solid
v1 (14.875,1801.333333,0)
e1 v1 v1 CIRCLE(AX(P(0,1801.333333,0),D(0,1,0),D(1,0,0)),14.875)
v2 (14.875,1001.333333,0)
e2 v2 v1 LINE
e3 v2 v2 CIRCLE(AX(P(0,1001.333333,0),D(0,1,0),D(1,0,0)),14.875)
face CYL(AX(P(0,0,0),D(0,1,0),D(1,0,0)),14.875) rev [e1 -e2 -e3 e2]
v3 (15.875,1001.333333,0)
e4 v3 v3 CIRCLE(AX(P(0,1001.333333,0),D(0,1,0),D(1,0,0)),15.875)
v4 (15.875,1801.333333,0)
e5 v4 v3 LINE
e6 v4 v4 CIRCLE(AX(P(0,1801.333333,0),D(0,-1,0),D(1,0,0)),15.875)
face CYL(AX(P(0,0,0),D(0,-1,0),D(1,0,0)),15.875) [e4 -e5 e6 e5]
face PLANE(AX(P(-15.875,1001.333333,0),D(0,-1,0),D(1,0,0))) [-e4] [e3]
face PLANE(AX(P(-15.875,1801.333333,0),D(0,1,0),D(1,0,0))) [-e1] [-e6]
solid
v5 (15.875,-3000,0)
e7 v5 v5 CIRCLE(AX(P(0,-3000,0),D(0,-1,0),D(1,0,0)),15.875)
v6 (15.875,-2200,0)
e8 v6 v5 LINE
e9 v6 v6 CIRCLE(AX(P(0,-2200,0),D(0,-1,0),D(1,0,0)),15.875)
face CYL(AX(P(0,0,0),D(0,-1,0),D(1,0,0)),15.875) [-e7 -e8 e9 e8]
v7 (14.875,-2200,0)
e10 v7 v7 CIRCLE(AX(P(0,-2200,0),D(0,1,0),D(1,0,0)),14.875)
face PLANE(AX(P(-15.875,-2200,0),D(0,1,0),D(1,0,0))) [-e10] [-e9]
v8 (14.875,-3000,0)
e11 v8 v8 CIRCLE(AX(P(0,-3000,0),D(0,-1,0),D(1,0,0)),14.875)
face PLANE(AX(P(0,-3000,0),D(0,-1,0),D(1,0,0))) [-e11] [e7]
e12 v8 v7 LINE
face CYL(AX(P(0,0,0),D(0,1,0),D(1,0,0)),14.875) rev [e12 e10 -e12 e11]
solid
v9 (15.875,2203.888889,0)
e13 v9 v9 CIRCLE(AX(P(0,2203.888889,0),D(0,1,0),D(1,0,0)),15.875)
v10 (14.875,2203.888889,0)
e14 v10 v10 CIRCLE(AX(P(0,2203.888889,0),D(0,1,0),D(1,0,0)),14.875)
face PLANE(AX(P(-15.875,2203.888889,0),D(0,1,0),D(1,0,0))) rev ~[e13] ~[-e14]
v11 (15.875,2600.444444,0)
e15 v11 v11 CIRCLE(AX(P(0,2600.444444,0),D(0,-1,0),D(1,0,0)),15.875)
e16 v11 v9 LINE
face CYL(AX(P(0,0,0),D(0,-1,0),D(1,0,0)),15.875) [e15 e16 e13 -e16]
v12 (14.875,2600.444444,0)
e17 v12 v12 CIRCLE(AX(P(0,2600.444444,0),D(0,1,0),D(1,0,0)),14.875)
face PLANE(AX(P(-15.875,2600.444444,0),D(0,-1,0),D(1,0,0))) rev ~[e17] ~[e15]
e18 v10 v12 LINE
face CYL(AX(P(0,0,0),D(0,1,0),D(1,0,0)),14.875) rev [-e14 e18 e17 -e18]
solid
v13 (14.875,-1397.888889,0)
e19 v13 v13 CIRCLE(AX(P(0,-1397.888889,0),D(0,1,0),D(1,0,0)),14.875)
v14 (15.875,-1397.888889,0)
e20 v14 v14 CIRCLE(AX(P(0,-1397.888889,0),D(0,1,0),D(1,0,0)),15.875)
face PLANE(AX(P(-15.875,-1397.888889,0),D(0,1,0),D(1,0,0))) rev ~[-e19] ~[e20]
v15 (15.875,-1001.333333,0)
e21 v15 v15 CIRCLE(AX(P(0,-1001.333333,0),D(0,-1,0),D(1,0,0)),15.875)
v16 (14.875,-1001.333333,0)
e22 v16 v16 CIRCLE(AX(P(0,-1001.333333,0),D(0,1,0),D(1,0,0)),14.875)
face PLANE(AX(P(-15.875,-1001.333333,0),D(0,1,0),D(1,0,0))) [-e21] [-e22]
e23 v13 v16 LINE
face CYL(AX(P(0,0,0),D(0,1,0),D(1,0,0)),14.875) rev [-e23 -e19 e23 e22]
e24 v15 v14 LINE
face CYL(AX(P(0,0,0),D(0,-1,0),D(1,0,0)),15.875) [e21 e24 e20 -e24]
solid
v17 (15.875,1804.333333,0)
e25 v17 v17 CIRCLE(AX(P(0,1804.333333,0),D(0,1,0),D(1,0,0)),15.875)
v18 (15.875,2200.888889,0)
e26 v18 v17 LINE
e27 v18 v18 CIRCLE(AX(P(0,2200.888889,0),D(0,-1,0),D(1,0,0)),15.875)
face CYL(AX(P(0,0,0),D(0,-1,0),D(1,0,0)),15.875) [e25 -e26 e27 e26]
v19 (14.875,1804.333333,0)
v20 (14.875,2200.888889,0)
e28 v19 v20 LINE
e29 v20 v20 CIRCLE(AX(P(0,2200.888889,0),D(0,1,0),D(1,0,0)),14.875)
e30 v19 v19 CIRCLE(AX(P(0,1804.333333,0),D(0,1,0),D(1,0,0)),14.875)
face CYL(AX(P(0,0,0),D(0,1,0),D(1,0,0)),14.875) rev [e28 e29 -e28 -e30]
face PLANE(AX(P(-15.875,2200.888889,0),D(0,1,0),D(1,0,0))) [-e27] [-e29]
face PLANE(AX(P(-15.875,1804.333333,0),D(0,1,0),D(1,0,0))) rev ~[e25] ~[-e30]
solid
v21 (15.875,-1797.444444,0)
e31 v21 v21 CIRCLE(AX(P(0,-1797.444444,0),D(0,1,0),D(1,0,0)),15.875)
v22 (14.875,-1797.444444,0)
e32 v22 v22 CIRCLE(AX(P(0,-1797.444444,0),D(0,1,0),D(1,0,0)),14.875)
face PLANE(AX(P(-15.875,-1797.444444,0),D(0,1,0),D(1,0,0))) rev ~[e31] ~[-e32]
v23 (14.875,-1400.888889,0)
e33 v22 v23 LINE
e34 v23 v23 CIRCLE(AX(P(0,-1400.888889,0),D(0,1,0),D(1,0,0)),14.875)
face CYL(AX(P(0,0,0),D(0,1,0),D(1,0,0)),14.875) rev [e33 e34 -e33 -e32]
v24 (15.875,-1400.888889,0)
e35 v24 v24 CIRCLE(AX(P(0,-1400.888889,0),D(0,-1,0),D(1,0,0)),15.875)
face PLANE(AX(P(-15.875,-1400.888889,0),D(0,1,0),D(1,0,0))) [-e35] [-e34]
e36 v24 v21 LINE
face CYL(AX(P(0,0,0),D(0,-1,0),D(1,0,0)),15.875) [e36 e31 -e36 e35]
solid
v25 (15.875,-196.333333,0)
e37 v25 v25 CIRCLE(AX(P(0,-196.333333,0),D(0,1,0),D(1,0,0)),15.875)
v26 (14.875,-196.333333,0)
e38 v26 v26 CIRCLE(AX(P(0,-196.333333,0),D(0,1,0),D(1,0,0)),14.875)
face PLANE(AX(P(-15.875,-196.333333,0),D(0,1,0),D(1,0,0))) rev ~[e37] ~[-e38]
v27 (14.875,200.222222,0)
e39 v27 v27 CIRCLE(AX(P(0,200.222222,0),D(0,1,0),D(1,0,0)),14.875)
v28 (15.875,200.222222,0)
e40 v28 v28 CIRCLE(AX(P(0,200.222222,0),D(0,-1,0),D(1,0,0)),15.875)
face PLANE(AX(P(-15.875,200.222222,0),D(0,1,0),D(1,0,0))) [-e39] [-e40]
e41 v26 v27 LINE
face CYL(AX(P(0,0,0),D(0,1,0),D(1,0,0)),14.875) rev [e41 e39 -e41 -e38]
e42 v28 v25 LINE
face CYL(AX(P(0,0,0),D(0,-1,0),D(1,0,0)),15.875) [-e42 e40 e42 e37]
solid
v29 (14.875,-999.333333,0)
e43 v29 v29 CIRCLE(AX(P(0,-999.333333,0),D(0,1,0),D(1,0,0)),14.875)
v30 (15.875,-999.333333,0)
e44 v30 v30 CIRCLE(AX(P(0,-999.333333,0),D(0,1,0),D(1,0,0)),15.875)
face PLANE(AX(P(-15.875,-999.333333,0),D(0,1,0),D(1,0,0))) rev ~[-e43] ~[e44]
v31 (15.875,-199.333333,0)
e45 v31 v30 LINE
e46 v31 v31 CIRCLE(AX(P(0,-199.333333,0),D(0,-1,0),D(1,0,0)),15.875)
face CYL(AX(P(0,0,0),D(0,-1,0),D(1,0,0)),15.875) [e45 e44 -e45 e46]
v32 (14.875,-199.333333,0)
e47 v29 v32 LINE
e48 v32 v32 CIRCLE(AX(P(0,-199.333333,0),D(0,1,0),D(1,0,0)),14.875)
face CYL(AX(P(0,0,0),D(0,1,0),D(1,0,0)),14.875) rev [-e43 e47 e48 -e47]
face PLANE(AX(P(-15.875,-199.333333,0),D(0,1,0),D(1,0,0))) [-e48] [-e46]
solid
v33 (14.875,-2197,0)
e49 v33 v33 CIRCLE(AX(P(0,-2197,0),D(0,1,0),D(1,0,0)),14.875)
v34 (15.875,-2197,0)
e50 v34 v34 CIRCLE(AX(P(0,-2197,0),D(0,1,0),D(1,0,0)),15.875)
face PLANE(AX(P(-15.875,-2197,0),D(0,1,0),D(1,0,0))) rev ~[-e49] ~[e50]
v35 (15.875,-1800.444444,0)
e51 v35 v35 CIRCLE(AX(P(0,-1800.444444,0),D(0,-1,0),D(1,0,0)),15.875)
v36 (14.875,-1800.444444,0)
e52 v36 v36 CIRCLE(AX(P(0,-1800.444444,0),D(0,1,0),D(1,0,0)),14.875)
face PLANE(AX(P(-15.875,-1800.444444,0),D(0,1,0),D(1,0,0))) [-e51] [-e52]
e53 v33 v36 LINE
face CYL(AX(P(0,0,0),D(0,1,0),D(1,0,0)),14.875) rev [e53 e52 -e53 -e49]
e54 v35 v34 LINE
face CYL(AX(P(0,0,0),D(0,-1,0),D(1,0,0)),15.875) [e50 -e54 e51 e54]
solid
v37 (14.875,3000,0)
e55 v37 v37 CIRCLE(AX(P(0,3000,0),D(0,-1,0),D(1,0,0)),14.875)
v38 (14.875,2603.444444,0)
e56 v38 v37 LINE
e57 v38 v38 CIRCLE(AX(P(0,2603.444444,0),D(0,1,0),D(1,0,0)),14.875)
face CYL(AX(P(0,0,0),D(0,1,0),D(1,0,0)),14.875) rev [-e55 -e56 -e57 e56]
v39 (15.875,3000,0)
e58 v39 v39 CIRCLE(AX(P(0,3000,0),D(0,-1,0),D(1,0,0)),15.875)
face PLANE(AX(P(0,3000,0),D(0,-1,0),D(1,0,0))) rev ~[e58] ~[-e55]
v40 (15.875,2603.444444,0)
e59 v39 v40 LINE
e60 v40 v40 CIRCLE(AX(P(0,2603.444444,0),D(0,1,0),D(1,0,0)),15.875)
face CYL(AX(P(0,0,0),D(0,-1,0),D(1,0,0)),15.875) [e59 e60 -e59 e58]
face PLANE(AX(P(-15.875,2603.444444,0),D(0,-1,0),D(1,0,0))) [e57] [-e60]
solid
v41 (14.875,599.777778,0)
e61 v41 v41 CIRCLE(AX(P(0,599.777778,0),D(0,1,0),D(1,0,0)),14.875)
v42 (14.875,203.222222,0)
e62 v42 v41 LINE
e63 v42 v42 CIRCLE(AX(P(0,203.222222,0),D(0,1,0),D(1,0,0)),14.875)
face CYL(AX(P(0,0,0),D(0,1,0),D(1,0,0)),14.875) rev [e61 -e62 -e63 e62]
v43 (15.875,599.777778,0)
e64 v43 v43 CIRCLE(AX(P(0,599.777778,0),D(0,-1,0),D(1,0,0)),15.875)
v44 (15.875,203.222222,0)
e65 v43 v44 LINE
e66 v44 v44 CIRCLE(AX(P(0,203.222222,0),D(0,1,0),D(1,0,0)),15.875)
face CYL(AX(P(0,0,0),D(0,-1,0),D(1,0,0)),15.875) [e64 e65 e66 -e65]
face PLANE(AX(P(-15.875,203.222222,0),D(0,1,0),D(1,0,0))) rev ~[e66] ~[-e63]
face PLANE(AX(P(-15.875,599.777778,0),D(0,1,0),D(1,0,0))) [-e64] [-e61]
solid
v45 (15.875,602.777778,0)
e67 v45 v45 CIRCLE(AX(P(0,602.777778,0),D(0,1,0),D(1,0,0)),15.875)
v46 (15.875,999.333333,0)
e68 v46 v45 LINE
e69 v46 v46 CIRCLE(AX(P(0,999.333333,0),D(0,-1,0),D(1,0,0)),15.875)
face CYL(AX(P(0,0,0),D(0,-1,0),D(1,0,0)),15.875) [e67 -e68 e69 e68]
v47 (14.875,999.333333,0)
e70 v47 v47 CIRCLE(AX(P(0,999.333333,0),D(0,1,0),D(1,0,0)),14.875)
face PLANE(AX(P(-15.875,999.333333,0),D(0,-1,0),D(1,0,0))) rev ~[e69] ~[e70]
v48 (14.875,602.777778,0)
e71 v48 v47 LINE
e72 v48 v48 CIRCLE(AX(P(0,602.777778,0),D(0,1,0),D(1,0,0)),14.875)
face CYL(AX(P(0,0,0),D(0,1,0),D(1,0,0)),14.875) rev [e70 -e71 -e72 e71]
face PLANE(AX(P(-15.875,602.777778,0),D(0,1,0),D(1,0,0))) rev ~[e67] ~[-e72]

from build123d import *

# Parameters (mm, degrees)
F0_R     = 15.875
F0_R_2   = 14.875
F1_DEPTH = 3000
F2_W     = 31.75
F2_H     = 2
F3_DEPTH = 16
F4_W     = 31.75
F4_H     = 3
F5_DEPTH = 17.5


with BuildPart() as f1:
    # F0 (on Front) → F1 (new body, symmetric)
    with BuildSketch(Plane.XZ):
        Circle(F0_R)
        Circle(F0_R_2, mode=Mode.SUBTRACT)
    extrude(amount=F1_DEPTH, both=True)

    # F2 (on Top) → F3 (cut, symmetric)
    with BuildSketch(Plane.XY):
        with Locations((0, -1000.333333)):
            Rectangle(F2_W, F2_H)
        with Locations((0, 1000.333333)):
            Rectangle(F2_W, F2_H)
    extrude(amount=F3_DEPTH, both=True, mode=Mode.SUBTRACT)

    # F4 (on Top) → F5 (cut, symmetric)
    with BuildSketch(Plane.XY):
        with Locations((0, -2198.5)):
            Rectangle(F4_W, F4_H)
        with Locations((0, -1798.944444)):
            Rectangle(F4_W, F4_H)
        with Locations((0, -1399.388889)):
            Rectangle(F4_W, F4_H)
        with Locations((0, -197.833333)):
            Rectangle(F4_W, F4_H)
        with Locations((0, 201.722222)):
            Rectangle(F4_W, F4_H)
        with Locations((0, 601.277778)):
            Rectangle(F4_W, F4_H)
        with Locations((0, 1802.833333)):
            Rectangle(F4_W, F4_H)
        with Locations((0, 2202.388889)):
            Rectangle(F4_W, F4_H)
        with Locations((0, 2601.944444)):
            Rectangle(F4_W, F4_H)
    extrude(amount=F5_DEPTH, both=True, mode=Mode.SUBTRACT)


solid = f1.part
